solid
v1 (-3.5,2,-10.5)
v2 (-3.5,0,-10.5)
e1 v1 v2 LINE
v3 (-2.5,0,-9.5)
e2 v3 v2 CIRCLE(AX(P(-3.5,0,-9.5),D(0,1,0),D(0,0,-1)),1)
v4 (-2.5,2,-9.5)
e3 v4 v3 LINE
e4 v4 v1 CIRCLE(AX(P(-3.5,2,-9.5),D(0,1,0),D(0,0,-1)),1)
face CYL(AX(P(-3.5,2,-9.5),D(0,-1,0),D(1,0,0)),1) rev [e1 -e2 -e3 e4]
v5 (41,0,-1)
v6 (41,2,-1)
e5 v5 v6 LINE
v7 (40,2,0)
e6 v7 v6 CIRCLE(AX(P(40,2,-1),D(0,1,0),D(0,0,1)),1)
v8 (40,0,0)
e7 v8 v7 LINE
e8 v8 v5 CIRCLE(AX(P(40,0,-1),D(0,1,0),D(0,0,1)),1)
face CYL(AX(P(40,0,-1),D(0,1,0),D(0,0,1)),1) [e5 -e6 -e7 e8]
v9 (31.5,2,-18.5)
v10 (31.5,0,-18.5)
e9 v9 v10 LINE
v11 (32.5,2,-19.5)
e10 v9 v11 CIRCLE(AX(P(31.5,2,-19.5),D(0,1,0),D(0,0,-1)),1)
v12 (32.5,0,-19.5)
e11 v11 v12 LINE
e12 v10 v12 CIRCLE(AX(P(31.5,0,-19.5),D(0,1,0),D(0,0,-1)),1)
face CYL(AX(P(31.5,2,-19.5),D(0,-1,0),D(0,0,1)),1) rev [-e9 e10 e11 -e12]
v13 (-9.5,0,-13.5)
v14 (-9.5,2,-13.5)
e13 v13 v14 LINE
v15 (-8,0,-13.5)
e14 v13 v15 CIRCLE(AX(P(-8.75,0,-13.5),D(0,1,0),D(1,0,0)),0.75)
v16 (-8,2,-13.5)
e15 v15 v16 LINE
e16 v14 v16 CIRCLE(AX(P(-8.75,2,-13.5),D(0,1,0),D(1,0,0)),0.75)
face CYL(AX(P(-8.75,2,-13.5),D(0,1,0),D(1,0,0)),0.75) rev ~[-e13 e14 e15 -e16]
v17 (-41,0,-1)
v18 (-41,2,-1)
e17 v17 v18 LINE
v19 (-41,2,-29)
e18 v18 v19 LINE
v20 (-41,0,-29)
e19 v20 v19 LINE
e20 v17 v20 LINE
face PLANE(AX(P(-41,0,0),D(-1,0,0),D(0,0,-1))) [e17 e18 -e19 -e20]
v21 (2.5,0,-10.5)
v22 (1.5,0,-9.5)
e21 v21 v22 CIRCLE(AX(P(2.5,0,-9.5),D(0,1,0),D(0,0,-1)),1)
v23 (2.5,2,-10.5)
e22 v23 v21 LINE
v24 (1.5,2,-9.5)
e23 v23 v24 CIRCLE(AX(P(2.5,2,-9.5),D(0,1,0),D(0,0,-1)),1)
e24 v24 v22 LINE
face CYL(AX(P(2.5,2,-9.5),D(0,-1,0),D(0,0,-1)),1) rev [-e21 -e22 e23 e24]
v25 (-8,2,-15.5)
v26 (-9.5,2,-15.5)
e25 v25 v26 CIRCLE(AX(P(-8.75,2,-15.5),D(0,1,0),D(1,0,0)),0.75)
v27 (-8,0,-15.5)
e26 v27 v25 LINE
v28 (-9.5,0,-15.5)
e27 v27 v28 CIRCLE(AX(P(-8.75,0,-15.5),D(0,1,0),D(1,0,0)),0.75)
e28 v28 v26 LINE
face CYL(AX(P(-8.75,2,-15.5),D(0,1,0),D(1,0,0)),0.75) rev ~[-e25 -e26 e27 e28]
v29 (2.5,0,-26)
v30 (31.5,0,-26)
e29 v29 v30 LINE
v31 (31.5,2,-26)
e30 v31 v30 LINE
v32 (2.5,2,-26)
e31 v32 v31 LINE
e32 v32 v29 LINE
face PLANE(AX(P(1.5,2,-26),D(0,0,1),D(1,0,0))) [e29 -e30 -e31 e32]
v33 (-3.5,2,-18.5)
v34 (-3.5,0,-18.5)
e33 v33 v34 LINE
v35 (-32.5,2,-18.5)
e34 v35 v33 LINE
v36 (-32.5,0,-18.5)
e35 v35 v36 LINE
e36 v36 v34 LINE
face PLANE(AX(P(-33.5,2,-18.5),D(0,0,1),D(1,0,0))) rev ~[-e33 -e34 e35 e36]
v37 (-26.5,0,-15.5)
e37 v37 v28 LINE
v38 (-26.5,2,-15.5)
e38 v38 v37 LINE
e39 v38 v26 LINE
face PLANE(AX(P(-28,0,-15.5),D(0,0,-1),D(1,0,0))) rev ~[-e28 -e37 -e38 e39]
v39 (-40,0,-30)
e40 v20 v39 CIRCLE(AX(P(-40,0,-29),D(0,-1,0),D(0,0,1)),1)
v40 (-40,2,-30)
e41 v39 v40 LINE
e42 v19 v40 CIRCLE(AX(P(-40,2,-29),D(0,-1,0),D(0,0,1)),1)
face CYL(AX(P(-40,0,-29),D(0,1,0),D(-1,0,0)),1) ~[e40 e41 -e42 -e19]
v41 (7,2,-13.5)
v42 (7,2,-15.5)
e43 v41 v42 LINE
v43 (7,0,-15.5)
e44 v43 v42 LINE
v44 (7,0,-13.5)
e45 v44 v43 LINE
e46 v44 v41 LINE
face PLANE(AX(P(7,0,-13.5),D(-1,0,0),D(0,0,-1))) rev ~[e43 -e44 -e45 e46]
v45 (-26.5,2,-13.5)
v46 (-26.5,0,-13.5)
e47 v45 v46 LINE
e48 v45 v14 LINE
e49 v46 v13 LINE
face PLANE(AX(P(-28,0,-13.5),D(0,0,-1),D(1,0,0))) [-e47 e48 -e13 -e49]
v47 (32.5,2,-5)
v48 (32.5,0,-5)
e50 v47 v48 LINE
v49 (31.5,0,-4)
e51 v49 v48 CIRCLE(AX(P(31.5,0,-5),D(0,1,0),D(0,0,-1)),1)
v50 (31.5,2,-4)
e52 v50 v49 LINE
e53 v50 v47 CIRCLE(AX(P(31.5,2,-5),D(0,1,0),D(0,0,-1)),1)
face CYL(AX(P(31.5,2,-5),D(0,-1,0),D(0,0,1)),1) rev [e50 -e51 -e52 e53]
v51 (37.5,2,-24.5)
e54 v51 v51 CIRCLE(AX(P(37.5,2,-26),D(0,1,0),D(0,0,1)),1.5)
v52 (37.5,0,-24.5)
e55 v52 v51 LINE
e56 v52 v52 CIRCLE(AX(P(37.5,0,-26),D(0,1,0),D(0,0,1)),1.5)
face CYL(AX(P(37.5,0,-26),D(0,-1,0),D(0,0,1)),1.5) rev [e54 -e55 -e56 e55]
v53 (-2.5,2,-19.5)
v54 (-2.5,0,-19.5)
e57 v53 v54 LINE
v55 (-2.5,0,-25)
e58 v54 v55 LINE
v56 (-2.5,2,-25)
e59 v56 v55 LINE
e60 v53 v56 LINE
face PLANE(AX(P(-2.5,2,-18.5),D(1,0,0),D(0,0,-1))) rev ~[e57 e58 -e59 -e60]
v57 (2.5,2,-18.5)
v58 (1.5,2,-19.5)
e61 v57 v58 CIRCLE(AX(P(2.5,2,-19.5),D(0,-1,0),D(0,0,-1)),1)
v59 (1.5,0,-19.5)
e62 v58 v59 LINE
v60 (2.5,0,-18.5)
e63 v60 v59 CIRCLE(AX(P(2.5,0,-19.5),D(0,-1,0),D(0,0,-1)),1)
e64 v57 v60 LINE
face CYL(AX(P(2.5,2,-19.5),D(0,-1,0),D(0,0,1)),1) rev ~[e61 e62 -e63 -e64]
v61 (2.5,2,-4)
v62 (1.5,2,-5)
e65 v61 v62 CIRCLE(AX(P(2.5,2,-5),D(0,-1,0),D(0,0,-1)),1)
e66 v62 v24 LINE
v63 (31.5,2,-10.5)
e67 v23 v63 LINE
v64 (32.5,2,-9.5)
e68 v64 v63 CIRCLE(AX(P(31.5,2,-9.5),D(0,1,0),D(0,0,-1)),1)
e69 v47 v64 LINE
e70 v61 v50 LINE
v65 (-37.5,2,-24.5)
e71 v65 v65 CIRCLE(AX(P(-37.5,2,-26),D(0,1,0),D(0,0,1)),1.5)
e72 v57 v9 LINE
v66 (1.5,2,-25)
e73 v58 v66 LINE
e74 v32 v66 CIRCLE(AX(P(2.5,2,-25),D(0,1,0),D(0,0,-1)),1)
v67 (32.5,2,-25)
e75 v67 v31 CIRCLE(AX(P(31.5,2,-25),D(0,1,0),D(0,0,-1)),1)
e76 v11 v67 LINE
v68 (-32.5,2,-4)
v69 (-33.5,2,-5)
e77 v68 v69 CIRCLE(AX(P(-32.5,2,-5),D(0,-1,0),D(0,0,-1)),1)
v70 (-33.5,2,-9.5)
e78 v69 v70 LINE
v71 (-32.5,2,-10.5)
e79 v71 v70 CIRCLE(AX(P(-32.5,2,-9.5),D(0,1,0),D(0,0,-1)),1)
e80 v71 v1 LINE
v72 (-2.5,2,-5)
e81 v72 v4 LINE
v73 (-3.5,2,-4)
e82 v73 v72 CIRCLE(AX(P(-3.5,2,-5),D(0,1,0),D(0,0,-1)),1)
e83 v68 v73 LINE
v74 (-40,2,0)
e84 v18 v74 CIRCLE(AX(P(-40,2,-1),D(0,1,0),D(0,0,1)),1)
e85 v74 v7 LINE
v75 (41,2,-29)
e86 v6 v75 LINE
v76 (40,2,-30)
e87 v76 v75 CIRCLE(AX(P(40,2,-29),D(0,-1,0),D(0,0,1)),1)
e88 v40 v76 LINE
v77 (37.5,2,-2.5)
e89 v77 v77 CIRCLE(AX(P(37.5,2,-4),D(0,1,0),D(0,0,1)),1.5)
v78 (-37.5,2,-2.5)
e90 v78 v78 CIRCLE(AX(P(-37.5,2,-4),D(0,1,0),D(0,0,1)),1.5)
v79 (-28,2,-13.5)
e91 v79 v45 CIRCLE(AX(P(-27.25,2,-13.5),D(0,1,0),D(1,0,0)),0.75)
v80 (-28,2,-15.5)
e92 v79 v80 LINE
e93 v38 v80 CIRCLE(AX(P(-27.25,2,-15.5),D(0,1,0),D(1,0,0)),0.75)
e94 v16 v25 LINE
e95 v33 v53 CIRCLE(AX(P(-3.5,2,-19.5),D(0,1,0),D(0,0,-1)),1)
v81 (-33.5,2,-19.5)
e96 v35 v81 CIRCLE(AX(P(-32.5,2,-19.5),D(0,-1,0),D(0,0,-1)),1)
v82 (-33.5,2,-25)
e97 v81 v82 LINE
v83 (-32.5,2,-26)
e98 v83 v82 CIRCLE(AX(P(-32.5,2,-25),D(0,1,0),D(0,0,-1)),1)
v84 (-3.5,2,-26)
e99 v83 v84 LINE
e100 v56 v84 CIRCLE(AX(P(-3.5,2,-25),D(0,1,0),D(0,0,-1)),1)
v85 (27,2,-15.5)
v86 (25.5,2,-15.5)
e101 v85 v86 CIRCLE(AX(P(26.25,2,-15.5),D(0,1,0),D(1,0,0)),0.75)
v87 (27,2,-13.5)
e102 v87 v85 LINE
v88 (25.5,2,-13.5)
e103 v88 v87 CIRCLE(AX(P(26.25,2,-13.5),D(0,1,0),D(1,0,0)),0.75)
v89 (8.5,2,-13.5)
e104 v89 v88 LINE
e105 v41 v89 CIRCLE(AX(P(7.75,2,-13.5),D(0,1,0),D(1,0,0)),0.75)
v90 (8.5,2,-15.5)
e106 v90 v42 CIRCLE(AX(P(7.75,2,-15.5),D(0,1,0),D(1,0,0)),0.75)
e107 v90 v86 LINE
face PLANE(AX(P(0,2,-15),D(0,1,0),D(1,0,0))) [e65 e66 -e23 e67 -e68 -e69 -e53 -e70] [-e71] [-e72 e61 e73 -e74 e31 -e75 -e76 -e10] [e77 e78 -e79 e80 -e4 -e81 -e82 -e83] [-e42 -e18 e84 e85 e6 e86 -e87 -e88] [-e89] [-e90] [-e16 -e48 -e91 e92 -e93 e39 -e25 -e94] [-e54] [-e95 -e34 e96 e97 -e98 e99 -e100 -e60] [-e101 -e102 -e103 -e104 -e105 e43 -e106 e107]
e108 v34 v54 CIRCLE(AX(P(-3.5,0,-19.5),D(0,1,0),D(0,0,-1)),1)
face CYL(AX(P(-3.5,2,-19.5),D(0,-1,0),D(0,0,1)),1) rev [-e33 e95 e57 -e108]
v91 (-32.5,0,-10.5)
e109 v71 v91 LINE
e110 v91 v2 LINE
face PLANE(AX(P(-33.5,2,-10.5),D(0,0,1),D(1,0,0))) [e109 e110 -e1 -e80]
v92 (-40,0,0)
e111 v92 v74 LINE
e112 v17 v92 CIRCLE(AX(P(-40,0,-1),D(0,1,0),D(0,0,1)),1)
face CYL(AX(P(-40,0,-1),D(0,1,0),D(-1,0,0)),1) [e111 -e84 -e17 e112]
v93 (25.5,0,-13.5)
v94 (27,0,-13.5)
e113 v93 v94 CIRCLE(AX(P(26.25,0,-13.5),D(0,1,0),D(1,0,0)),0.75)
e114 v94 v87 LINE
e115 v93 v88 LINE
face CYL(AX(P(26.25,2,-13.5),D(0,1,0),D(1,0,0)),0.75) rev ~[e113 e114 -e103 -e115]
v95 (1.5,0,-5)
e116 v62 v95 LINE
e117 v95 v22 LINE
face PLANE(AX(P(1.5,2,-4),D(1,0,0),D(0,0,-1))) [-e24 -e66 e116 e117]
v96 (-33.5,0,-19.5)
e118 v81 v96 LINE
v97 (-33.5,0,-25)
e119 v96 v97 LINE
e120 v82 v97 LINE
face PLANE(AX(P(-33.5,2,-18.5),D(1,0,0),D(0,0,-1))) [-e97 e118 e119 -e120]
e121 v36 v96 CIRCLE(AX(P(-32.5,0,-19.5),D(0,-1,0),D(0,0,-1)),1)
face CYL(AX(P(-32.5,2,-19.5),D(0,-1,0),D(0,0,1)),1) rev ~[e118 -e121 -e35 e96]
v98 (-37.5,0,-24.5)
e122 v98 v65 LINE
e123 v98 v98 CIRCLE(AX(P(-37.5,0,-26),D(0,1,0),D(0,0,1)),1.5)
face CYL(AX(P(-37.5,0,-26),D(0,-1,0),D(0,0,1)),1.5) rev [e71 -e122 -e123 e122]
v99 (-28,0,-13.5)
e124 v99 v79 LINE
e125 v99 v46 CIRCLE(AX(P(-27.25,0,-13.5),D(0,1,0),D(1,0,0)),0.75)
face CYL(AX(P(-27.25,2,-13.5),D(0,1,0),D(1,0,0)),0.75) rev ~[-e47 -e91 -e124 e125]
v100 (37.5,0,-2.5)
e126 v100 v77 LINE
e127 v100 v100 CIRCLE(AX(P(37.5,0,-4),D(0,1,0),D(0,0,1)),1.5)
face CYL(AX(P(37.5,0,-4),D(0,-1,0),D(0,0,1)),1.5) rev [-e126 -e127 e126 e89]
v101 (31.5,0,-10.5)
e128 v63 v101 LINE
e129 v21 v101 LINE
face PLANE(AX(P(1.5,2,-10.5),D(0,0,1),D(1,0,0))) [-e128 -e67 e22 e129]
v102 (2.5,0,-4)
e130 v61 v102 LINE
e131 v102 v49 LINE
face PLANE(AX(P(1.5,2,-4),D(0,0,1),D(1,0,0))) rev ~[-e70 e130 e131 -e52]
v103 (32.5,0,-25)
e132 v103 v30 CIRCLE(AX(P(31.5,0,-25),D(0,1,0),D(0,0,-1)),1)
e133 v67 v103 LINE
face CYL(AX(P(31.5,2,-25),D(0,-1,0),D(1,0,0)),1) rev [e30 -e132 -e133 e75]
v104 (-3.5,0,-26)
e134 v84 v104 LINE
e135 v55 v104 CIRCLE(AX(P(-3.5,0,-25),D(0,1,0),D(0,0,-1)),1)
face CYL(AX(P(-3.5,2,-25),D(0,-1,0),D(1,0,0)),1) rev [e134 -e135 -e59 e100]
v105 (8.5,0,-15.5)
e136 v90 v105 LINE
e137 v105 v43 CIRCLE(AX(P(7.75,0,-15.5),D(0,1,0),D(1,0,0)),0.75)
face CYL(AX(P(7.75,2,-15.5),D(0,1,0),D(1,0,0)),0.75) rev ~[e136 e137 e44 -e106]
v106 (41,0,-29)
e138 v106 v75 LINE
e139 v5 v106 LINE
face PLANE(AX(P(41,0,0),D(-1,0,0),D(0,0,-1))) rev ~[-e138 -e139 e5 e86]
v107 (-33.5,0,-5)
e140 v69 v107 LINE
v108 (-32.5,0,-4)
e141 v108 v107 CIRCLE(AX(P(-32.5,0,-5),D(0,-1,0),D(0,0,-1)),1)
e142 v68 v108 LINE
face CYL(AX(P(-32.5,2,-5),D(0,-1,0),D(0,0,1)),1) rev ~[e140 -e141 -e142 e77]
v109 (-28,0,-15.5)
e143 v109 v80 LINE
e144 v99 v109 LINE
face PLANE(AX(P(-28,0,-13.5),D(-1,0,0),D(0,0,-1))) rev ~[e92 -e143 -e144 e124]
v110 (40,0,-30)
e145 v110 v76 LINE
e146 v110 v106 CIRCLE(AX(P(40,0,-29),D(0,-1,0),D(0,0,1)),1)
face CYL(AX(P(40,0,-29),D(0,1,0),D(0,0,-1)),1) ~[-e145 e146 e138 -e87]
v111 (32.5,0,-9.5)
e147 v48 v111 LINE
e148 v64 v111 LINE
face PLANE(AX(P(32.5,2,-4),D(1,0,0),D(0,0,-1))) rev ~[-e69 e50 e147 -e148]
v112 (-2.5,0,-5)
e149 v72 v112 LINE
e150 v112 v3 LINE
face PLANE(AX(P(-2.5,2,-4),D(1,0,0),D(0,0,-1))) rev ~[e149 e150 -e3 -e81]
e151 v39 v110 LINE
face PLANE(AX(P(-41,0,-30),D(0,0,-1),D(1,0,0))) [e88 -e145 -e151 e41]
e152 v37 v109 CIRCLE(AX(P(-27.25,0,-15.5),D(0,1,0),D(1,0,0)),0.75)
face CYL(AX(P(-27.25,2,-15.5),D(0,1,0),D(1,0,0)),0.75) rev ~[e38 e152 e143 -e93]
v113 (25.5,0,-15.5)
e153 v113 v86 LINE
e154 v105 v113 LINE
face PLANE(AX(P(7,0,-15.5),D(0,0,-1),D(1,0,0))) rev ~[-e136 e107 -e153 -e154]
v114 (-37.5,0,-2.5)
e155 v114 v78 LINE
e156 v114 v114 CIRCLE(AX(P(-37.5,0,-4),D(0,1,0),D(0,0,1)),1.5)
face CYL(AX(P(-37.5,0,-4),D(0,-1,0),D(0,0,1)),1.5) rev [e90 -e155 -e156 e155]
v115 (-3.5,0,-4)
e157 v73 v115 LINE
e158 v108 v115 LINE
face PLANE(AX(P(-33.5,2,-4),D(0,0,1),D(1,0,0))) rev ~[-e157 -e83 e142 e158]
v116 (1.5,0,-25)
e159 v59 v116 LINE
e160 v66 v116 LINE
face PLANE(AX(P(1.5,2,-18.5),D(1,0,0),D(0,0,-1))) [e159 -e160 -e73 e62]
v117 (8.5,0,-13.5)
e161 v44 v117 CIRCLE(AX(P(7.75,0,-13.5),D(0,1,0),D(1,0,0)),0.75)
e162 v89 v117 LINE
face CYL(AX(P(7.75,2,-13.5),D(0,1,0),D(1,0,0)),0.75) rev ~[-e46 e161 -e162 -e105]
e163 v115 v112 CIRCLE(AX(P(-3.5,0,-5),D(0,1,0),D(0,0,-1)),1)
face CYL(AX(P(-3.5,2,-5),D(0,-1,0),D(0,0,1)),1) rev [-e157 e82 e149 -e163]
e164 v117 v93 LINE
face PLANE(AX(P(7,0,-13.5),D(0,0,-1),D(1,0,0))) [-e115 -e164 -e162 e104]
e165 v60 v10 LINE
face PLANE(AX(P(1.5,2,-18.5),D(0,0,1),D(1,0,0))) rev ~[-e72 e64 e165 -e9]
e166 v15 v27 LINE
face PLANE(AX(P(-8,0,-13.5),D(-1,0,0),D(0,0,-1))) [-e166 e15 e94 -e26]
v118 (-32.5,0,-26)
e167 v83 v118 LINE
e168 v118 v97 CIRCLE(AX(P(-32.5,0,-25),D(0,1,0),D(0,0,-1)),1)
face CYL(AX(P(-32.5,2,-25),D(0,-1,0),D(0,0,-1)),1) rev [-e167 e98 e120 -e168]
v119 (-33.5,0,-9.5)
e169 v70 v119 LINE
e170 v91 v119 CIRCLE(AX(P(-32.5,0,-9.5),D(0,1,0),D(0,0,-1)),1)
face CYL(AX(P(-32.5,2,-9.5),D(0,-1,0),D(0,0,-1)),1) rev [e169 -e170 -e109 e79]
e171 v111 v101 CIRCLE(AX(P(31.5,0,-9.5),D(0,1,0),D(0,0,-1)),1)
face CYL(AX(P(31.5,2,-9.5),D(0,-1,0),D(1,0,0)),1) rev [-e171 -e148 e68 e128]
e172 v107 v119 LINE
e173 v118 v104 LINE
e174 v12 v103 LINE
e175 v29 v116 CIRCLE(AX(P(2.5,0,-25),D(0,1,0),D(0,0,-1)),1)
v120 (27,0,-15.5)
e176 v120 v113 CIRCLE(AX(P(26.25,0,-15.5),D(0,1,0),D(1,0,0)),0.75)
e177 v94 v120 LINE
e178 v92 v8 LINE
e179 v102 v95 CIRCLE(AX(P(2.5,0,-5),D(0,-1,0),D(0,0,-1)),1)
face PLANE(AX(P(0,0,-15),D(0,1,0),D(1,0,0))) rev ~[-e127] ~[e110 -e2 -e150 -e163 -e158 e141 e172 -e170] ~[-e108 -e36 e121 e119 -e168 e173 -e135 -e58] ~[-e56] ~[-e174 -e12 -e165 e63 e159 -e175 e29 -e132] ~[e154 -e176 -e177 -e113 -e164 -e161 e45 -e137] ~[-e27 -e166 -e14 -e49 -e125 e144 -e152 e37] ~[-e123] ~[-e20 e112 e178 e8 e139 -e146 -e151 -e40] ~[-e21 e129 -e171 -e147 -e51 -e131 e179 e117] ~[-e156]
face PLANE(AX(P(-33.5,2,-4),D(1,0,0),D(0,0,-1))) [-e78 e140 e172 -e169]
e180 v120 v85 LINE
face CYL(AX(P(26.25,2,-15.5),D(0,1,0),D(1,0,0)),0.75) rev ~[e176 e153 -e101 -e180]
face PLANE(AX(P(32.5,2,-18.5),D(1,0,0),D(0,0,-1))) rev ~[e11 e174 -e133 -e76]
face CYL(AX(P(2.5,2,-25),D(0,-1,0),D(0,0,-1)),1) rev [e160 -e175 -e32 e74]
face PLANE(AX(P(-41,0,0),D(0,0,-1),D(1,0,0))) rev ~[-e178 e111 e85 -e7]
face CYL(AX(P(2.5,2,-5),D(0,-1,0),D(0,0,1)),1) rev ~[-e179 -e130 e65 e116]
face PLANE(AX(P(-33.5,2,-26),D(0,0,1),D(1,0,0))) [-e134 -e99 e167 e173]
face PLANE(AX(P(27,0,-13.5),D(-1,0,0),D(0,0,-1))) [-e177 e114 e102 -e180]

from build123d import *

# Parameters (mm, degrees)
SKETCH_1_W          = 82
SKETCH_1_H          = 30
SKETCH_1_R          = 1.5
SKETCH_1_W_2        = 20
SKETCH_1_H_2        = 2
EXTRUDE_1_DEPTH     = 2
SKETCH_4_R          = 0.75
CUT_EXTRUDE_1_DEPTH = 51.842895276
SKETCH_5_W          = 31
SKETCH_5_H          = 6.5
SKETCH_5_H_2        = 7.5
CUT_EXTRUDE_2_DEPTH = 51.842895276
FILLET_1_R          = 1


with BuildPart() as part:
    # 草图1 → 凸台-拉伸1 (new body)
    with BuildSketch(Plane(origin=(0, 0, 0), x_dir=(1, 0, 0), z_dir=(0, 1, 0))):
        with Locations((0, 15)):
            Rectangle(SKETCH_1_W, SKETCH_1_H)
        with Locations(Location((-37.5, 26, 0), (0, 0, 270))):
            Circle(SKETCH_1_R, mode=Mode.SUBTRACT)
        with Locations(Location((-37.5, 4, 0), (0, 0, 270))):
            Circle(SKETCH_1_R, mode=Mode.SUBTRACT)
        with Locations(Location((37.5, 26, 0), (0, 0, 270))):
            Circle(SKETCH_1_R, mode=Mode.SUBTRACT)
        with Locations(Location((37.5, 4, 0), (0, 0, 270))):
            Circle(SKETCH_1_R, mode=Mode.SUBTRACT)
        with Locations((17, 14.5)):
            Rectangle(SKETCH_1_W_2, SKETCH_1_H_2, mode=Mode.SUBTRACT)
        with Locations((-18, 14.5)):
            Rectangle(SKETCH_1_W_2, SKETCH_1_H_2, mode=Mode.SUBTRACT)
    extrude(amount=EXTRUDE_1_DEPTH)

    # 草图4 → 切除-拉伸1 (cut, through all)
    with BuildSketch(Plane(origin=(0, 2, 0), x_dir=(1, 0, 0), z_dir=(0, 1, 0))):
        with Locations((-27.25, 15.5)):
            Circle(SKETCH_4_R)
        with Locations((-27.25, 13.5)):
            Circle(SKETCH_4_R)
        with Locations((-8.75, 15.5)):
            Circle(SKETCH_4_R)
        with Locations((-8.75, 13.5)):
            Circle(SKETCH_4_R)
        with Locations((7.75, 15.5)):
            Circle(SKETCH_4_R)
        with Locations((7.75, 13.5)):
            Circle(SKETCH_4_R)
        with Locations((26.25, 15.5)):
            Circle(SKETCH_4_R)
        with Locations((26.25, 13.5)):
            Circle(SKETCH_4_R)
    extrude(amount=-CUT_EXTRUDE_1_DEPTH, mode=Mode.SUBTRACT)

    # 草图5 → 切除-拉伸2 (cut, through all)
    with BuildSketch(Plane(origin=(0, 2, 0), x_dir=(1, 0, 0), z_dir=(0, 1, 0))):
        with Locations((-18, 7.25)):
            Rectangle(SKETCH_5_W, SKETCH_5_H)
        with Locations((-18, 22.25)):
            Rectangle(SKETCH_5_W, SKETCH_5_H_2)
        with Locations((17, 22.25)):
            Rectangle(SKETCH_5_W, SKETCH_5_H_2)
        with Locations((17, 7.25)):
            Rectangle(SKETCH_5_W, SKETCH_5_H)
    extrude(amount=-CUT_EXTRUDE_2_DEPTH, mode=Mode.SUBTRACT)

    # 圆角1
    fillet_1_edges = [part.edges().sort_by_distance(p)[0] for p in [
        (1.5, 1, -10.5),
        (32.5, 1, -10.5),
        (32.5, 1, -4),
        (1.5, 1, -4),
        (1.5, 1, -26),
        (32.5, 1, -26),
        (32.5, 1, -18.5),
        (1.5, 1, -18.5),
        (-33.5, 1, -18.5),
        (-33.5, 1, -26),
        (-2.5, 1, -26),
        (-2.5, 1, -18.5),
        (-33.5, 1, -4),
        (-33.5, 1, -10.5),
        (-2.5, 1, -10.5),
        (-2.5, 1, -4),
        (-41, 1, -30),
        (41, 1, -30),
        (41, 1, 0),
        (-41, 1, 0),
    ]]
    fillet(fillet_1_edges, radius=FILLET_1_R)


solid = part.part
